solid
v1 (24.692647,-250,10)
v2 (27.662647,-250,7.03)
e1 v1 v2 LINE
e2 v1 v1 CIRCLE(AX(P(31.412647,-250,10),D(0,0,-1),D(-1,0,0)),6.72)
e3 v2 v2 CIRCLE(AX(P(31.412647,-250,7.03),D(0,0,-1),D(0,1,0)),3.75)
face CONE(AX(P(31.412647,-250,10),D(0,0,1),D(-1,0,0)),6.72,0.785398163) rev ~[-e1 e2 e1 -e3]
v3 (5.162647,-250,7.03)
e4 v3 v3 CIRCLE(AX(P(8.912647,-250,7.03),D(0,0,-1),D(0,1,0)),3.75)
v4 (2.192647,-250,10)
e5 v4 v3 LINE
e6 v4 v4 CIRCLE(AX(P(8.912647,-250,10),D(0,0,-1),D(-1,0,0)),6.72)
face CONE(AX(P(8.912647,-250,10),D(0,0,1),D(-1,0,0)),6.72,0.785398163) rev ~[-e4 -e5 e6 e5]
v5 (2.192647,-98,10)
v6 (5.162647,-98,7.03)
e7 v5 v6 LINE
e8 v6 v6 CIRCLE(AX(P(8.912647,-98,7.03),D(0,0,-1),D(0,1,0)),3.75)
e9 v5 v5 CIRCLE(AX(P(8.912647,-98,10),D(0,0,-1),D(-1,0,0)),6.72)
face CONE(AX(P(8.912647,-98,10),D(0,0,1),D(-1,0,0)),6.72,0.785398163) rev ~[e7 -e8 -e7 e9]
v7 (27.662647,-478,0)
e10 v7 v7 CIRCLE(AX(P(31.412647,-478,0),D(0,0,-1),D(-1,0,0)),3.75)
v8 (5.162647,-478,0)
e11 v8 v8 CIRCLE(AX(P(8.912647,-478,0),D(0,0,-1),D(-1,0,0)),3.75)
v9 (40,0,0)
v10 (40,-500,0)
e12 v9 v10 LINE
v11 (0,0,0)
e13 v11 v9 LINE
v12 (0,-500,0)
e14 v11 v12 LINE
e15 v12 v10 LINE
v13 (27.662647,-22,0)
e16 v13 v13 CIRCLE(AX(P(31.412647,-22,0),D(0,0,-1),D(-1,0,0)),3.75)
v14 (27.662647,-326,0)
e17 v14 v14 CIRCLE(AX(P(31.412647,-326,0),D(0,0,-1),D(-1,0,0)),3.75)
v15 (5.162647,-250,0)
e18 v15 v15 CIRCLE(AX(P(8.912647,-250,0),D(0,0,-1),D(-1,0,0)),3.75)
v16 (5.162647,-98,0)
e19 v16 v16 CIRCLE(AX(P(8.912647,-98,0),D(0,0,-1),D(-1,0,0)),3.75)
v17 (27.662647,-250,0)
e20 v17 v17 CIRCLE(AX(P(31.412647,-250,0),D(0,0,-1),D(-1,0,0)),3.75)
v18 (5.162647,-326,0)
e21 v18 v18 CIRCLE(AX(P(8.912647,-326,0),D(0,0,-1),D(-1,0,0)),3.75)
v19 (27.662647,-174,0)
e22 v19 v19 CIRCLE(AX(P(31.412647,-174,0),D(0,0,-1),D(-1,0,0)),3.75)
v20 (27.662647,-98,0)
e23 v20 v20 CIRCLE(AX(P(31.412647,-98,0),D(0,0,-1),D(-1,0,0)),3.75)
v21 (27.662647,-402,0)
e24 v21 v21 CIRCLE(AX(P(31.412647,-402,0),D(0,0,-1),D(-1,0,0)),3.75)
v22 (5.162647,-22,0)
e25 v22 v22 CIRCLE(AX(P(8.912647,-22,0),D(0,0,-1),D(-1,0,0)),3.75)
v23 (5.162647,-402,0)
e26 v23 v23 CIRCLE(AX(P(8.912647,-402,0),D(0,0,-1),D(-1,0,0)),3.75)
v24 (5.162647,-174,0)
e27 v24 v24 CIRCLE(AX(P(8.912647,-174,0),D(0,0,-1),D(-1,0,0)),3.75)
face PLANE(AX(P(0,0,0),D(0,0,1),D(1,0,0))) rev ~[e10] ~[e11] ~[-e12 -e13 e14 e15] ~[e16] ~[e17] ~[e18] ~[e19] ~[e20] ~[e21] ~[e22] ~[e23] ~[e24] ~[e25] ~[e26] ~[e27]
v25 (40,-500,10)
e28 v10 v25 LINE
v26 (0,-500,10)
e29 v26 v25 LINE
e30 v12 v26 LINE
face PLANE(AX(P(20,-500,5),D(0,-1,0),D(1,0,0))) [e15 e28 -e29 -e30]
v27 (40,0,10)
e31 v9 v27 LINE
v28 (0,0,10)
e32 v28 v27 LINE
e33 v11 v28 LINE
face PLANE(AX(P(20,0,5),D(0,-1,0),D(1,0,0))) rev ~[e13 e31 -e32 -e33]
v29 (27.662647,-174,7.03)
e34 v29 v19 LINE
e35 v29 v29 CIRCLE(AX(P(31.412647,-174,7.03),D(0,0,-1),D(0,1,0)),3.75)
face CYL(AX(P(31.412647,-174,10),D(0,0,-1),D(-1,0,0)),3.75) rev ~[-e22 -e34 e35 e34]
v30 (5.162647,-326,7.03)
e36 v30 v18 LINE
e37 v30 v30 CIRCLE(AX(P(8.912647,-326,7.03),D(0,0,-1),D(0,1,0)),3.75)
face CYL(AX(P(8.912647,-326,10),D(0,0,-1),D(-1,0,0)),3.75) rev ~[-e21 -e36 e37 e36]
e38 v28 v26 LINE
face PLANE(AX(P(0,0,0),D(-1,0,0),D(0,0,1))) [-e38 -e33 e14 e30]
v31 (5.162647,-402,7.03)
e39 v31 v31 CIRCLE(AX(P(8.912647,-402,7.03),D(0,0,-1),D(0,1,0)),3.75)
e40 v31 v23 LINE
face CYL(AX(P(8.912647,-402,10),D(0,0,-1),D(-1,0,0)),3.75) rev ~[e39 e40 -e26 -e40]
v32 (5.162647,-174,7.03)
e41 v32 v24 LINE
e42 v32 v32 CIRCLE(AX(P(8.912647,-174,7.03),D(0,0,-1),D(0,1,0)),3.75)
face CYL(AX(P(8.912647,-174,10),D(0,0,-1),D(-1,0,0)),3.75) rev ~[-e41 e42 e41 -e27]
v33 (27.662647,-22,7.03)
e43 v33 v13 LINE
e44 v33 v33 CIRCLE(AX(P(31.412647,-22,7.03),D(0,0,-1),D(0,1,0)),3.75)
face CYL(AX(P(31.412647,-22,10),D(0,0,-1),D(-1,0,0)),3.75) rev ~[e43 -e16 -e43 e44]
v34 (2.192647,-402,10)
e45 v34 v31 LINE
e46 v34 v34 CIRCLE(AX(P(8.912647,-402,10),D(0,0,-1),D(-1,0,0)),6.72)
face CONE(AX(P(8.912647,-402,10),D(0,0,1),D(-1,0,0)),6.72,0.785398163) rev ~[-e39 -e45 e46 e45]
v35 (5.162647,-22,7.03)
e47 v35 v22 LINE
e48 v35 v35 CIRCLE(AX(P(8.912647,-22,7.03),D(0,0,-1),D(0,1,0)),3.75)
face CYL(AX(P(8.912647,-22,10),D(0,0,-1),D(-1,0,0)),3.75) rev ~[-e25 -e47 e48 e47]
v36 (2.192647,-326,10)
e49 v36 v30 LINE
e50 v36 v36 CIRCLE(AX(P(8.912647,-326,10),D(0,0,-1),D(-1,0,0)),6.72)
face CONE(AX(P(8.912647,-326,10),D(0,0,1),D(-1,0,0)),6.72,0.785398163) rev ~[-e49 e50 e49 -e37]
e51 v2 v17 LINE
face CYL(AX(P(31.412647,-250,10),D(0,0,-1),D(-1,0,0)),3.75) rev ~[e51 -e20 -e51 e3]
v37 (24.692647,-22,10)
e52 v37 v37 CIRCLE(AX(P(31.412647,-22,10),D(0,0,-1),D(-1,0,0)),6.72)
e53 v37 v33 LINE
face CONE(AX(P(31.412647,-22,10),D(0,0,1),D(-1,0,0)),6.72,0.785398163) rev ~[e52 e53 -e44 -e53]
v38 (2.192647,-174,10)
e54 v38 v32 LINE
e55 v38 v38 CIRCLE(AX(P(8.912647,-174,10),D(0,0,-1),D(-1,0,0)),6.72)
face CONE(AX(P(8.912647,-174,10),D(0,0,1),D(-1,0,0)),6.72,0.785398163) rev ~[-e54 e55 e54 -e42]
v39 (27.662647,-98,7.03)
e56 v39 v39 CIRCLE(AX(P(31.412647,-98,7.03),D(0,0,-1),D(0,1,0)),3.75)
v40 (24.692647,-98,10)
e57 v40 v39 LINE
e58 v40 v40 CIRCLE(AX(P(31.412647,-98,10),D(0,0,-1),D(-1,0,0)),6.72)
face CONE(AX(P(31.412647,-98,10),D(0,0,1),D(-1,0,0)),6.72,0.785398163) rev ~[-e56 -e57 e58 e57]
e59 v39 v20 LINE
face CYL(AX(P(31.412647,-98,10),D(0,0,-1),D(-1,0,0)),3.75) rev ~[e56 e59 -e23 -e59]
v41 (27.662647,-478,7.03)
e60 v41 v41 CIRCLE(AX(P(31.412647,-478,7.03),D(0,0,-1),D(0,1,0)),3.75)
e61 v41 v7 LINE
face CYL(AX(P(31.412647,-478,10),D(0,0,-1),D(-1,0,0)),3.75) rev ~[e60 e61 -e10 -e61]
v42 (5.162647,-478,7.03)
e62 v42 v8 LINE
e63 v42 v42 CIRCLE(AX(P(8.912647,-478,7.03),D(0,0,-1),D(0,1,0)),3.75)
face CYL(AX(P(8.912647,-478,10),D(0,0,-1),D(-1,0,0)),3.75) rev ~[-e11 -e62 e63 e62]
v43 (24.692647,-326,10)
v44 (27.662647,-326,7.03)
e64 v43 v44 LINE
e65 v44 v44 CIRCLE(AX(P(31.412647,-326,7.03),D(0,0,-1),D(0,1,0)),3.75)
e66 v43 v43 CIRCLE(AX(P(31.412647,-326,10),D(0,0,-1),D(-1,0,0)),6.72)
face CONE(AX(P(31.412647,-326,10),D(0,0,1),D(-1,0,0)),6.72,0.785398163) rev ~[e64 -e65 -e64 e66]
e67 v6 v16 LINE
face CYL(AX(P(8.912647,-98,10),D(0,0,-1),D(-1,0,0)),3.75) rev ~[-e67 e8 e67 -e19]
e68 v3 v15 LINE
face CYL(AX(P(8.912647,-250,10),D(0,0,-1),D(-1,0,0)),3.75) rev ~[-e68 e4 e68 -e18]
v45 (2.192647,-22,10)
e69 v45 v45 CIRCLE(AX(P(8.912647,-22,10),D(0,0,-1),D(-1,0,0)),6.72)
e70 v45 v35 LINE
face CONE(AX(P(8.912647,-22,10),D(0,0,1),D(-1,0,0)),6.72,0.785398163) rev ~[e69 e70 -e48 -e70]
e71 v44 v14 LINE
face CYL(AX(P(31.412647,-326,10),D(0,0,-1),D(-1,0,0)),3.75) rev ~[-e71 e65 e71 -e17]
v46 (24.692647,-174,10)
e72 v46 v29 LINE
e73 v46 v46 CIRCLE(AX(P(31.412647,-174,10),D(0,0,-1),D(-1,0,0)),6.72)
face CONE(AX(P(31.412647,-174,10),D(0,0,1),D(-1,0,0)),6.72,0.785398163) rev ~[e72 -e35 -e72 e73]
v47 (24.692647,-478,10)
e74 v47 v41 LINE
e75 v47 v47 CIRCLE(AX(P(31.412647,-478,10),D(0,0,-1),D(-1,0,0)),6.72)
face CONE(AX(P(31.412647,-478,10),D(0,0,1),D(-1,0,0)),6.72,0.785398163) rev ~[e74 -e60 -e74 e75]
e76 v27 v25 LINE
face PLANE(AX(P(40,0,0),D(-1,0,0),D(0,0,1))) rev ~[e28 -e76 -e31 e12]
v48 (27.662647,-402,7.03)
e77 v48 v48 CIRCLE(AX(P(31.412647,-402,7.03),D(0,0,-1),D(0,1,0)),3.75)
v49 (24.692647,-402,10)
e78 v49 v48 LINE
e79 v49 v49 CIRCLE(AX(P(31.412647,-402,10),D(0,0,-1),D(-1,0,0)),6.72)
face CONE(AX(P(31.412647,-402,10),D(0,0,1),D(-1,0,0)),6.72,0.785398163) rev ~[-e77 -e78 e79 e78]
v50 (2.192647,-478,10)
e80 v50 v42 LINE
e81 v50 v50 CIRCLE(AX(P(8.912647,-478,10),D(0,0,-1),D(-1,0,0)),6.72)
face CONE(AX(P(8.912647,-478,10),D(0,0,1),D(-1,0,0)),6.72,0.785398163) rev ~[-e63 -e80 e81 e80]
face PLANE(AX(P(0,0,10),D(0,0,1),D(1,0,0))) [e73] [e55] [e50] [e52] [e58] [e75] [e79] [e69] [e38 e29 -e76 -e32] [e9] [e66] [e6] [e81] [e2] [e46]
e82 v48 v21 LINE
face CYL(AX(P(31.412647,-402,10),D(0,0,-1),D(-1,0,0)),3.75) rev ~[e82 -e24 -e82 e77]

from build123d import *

# Parameters (mm, degrees)
F0_W           = 40
F0_H           = 10
F1_DEPTH       = 500
F3_D           = 7.5
F3_CSINK_D     = 13.44
F3_CSINK_ANGLE = 90


with BuildPart() as f1:
    # F0 (on Front) → F1 (new body)
    with BuildSketch(Plane.XZ):
        with Locations((20, 5)):
            Rectangle(F0_W, F0_H)
    extrude(amount=F1_DEPTH)

    # F3 (through all)
    with Locations(Plane.XY.offset(10)):
        with Locations((8.912647, -478), (31.412647, -478), (8.912647, -402), (31.412647, -402), (31.412647, -326), (8.912647, -250), (8.912647, -174), (31.412647, -174), (8.912647, -326), (8.912647, -98), (31.412647, -98), (8.912647, -22), (31.412647, -22), (31.412647, -250)):
            CounterSinkHole(F3_D / 2, F3_CSINK_D / 2, counter_sink_angle=F3_CSINK_ANGLE)


solid = f1.part
